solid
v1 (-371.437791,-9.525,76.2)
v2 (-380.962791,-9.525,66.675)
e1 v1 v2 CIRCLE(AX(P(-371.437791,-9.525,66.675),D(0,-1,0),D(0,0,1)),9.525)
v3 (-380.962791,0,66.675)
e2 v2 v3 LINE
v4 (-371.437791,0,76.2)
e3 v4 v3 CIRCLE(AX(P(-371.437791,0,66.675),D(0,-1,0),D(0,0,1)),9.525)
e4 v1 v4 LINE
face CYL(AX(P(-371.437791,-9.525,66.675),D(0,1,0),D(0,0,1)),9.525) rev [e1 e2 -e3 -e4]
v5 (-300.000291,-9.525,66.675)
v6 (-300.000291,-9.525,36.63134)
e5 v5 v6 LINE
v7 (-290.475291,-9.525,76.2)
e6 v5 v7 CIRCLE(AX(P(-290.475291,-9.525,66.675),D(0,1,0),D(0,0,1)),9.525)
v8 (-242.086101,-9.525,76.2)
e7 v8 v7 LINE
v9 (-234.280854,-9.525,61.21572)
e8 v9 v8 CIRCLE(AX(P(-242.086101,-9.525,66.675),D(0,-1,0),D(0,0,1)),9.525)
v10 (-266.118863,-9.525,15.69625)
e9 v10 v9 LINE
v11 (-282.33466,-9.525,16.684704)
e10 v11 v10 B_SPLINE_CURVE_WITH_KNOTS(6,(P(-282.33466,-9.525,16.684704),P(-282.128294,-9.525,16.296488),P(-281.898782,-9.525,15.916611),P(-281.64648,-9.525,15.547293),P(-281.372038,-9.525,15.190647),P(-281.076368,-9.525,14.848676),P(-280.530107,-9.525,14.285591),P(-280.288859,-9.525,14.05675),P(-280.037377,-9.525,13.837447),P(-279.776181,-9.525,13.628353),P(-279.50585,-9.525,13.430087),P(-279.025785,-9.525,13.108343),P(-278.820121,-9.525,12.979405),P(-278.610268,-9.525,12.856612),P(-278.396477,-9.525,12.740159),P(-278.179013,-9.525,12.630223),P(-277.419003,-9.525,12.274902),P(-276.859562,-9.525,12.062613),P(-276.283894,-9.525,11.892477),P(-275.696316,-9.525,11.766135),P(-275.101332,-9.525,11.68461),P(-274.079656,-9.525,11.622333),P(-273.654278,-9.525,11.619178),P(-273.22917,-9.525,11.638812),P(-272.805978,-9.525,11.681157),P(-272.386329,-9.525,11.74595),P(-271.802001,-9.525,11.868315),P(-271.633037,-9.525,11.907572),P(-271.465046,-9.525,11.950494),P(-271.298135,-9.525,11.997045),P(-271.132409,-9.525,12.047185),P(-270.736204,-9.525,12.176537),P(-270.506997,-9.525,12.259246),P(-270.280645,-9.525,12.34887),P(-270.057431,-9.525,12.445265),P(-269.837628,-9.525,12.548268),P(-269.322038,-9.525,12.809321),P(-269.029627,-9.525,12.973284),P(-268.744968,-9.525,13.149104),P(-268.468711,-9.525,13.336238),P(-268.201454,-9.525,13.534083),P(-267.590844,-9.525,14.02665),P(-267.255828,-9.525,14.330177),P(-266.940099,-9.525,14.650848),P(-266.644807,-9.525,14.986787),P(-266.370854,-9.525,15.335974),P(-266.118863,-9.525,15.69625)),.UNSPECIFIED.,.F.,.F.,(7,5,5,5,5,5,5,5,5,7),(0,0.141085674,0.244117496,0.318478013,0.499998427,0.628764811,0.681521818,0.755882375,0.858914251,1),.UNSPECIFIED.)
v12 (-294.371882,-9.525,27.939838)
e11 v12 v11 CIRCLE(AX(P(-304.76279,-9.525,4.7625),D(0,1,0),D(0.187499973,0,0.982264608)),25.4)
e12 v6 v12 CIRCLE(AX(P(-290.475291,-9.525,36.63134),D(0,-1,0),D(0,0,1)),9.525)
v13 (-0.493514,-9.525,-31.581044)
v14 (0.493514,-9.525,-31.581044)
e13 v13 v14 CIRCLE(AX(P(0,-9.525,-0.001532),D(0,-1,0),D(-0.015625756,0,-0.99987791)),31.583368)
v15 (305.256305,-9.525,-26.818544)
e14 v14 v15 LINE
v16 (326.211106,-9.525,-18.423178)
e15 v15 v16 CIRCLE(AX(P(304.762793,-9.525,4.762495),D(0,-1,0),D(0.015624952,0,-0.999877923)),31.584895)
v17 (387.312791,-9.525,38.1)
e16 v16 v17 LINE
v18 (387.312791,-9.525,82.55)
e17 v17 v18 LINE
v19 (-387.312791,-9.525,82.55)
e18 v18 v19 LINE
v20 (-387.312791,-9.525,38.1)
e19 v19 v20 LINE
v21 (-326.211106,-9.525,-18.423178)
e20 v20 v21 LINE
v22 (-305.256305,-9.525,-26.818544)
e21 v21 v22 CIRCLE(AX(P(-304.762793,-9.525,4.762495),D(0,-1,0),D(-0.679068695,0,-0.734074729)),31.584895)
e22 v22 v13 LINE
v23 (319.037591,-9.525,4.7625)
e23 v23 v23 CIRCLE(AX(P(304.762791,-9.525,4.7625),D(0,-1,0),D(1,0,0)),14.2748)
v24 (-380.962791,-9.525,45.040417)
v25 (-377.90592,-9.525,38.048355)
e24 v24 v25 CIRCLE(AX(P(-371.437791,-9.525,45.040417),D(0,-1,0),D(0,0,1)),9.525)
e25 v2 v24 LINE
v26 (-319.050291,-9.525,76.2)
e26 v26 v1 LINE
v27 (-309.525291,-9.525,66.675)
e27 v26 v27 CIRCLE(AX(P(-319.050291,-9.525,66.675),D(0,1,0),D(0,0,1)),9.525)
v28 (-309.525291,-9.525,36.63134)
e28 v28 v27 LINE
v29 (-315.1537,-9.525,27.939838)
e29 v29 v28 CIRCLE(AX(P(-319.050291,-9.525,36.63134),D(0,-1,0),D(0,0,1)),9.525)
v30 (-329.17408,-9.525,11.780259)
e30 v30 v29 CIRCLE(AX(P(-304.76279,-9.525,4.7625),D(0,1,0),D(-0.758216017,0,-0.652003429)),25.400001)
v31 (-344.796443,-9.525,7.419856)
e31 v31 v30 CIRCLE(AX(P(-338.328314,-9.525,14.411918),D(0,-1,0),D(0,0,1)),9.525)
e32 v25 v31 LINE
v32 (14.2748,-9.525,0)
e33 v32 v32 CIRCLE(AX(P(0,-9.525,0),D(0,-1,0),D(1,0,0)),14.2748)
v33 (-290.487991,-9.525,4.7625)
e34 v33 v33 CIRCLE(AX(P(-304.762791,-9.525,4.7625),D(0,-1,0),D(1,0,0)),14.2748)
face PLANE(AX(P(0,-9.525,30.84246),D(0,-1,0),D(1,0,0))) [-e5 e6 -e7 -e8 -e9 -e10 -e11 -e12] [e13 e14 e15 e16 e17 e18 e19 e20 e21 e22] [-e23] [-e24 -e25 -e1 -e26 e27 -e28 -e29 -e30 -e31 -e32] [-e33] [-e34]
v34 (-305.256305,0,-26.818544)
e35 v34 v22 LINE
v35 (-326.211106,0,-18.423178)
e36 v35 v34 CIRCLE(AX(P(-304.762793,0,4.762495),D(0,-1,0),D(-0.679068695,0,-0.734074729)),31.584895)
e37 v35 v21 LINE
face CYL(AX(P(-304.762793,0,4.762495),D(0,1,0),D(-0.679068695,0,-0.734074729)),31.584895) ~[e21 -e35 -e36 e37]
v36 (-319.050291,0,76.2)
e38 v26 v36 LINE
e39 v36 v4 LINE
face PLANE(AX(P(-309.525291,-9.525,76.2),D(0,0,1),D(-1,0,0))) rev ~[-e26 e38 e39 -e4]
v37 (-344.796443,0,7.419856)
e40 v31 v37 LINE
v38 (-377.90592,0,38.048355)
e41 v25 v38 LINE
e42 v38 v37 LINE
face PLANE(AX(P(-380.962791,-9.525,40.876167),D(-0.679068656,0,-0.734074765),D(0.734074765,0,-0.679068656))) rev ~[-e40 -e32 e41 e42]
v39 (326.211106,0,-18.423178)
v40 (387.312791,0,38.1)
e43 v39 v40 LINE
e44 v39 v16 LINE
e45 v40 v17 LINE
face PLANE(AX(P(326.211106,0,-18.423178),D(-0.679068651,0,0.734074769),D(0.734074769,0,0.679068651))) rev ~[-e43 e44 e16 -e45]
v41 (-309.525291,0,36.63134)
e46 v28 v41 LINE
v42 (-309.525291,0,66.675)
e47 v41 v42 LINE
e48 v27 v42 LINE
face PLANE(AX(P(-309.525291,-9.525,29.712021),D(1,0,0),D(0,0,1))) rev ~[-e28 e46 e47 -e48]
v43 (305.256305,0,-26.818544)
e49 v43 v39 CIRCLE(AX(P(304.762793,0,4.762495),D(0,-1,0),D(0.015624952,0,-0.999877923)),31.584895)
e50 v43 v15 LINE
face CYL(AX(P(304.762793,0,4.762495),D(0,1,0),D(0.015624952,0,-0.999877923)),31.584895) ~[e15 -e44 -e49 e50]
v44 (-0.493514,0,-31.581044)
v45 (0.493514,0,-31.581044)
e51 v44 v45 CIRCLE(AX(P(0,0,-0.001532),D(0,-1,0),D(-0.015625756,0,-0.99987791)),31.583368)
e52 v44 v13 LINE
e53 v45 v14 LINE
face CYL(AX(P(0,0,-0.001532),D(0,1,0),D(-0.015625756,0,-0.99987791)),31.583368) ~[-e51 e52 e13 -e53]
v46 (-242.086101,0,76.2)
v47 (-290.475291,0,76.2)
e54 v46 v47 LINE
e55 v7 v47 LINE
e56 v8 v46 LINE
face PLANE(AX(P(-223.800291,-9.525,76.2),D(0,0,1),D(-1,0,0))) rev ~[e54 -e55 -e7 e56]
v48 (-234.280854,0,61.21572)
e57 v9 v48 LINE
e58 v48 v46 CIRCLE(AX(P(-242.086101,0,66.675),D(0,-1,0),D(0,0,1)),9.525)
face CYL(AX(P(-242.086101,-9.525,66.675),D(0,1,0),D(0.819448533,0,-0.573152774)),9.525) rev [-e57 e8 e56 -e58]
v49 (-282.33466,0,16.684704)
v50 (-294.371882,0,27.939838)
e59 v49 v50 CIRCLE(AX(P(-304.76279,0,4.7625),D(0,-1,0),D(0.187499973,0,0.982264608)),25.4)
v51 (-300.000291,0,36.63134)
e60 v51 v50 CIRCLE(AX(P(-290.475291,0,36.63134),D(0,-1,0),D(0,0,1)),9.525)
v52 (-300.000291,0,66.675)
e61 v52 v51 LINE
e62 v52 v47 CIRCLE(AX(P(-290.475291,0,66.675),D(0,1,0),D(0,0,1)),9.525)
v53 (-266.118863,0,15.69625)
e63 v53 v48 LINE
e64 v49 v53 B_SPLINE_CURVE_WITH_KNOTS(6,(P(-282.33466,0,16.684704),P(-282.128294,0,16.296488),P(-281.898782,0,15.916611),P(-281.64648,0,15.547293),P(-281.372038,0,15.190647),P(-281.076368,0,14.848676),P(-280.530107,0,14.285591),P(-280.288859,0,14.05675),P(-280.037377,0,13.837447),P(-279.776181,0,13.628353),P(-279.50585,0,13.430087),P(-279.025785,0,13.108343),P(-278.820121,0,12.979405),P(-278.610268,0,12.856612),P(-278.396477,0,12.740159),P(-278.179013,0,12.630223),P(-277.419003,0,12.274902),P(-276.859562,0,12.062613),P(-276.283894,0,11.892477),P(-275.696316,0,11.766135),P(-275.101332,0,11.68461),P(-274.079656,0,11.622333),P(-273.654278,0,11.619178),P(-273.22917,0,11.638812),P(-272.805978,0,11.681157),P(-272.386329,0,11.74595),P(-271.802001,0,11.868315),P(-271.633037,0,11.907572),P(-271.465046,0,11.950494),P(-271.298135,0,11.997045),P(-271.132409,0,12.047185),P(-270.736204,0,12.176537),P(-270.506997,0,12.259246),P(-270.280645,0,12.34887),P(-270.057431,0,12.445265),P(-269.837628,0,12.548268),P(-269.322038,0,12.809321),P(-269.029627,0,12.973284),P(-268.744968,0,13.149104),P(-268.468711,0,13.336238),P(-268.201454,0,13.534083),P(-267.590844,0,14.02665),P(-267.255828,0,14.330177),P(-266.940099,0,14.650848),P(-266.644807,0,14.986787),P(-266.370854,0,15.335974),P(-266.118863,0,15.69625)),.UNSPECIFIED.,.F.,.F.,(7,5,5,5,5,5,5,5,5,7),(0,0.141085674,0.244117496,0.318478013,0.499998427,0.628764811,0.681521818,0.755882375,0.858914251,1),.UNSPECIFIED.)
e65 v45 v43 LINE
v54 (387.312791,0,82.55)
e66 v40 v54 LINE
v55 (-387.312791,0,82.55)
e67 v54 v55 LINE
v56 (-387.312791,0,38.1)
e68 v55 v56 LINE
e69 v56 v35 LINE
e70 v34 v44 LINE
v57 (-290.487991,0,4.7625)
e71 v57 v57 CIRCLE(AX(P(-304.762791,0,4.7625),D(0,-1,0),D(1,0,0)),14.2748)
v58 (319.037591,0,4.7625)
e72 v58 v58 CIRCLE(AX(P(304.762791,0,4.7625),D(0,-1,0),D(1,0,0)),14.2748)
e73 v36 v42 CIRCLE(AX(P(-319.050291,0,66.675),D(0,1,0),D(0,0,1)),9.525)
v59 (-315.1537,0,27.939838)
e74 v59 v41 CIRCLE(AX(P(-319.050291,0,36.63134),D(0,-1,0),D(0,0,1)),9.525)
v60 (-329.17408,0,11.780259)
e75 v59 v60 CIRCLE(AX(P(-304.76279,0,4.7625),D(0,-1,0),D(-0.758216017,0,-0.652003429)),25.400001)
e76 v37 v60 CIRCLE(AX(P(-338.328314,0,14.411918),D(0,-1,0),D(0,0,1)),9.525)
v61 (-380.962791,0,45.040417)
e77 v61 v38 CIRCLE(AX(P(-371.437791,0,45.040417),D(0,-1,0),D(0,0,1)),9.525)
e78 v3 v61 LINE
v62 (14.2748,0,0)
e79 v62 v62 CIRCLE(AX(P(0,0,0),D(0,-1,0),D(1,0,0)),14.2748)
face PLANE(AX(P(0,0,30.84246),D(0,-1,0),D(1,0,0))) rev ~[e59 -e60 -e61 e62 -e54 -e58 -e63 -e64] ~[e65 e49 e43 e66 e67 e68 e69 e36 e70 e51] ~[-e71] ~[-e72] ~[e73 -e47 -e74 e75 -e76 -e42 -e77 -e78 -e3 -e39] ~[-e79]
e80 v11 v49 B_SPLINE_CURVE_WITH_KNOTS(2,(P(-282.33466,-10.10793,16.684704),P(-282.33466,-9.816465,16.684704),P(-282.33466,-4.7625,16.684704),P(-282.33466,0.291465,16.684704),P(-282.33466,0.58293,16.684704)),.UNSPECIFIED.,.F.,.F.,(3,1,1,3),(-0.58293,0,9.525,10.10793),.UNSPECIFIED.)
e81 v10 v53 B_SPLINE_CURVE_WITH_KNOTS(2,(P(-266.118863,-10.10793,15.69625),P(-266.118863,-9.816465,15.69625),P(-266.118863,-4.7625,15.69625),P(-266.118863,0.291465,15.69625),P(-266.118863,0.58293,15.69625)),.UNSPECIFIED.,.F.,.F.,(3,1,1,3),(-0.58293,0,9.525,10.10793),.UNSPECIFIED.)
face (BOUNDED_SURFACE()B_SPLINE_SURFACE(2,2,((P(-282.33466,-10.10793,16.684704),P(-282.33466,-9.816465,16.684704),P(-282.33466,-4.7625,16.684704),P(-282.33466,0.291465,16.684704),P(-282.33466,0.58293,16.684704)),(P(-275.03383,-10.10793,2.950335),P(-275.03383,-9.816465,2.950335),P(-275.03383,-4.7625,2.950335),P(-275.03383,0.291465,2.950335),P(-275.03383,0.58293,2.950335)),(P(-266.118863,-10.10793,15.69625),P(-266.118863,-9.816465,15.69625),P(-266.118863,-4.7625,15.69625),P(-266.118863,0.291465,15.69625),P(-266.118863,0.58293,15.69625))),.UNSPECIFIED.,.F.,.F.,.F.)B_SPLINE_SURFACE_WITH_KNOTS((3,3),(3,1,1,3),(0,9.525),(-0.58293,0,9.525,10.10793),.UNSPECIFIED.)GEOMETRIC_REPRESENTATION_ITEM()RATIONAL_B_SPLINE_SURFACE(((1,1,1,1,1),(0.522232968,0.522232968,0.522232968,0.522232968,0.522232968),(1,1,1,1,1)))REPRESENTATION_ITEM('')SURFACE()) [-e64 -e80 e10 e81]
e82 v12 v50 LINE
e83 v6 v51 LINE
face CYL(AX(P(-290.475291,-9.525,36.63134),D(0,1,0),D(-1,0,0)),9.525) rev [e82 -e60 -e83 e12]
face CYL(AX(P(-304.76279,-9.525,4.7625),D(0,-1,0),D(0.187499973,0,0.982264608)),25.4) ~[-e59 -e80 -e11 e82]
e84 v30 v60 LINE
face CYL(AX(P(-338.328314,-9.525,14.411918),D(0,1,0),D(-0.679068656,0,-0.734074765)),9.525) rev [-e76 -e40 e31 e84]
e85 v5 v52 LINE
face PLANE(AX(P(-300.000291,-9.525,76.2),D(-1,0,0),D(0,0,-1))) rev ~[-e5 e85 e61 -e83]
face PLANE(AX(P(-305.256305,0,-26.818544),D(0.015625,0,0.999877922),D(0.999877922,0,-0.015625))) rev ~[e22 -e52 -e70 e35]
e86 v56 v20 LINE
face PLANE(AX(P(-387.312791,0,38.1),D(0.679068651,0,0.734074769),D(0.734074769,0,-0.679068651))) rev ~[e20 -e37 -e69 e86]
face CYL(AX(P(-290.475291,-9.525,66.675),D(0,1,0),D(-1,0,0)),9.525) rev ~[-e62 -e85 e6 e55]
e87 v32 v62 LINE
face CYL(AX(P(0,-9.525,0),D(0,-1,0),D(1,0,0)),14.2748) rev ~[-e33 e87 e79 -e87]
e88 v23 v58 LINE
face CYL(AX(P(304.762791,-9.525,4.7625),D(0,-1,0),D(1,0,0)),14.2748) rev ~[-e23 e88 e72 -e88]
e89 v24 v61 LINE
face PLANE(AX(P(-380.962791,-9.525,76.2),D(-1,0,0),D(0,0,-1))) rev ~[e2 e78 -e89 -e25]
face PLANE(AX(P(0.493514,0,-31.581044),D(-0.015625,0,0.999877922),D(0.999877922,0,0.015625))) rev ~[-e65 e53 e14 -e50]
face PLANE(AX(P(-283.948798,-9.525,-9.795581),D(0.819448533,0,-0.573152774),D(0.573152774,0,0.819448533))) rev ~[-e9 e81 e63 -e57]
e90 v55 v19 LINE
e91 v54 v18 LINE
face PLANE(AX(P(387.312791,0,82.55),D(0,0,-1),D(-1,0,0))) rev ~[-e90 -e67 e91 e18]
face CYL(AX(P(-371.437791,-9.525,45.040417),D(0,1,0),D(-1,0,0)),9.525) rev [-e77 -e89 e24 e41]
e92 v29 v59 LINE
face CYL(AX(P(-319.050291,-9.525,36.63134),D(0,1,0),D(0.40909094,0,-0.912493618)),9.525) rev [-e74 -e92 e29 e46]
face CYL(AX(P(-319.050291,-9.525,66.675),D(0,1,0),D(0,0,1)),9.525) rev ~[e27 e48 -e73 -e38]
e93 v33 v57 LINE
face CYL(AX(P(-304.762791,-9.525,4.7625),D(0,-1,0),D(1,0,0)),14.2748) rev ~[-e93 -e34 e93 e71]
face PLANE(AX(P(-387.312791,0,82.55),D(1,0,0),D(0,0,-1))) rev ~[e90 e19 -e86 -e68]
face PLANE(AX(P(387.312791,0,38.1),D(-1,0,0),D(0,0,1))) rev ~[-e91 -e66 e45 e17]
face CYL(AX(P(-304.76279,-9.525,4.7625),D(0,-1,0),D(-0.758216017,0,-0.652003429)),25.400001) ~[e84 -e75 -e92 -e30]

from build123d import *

# Parameters (mm, degrees)
F1_DEPTH = 9.525
F2_R     = 14.2748
F3_DEPTH = 25.4
F4_R     = 9.525


with BuildPart() as f1:
    # F0 (on Front) → F1 (new body)
    with BuildSketch(Plane.XZ):
        with BuildLine():
            Line((387.312791, 82.55), (-387.312791, 82.55))
            Line((-387.312791, 82.55), (-387.312791, 38.1))
            Line((-387.312791, 38.1), (-326.211106, -18.423178))
            ThreePointArc((-326.211106, -18.423178), (-316.509344, -24.556852), (-305.256305, -26.818544))
            Line((-305.256305, -26.818544), (-0.493514, -31.581044))
            ThreePointArc((-0.493514, -31.581044), (0, -31.5849), (0.493514, -31.581044))
            Line((0.493514, -31.581044), (305.256305, -26.818544))
            ThreePointArc((305.256305, -26.818544), (316.509344, -24.556852), (326.211106, -18.423178))
            Line((326.211106, -18.423178), (387.312791, 38.1))
            Line((387.312791, 38.1), (387.312791, 82.55))
        make_face()
    extrude(amount=F1_DEPTH)

    # F2 (on face) → F3 (cut)
    with BuildSketch(Plane.XZ.offset(9.525)):
        with Locations((-304.762791, 4.7625)):
            Circle(F2_R)
        Circle(F2_R)
        with Locations((304.762791, 4.7625)):
            Circle(F2_R)
        with BuildLine():
            Line((-309.525291, 76.2), (-380.962791, 76.2))
            Line((-380.962791, 76.2), (-380.962791, 40.876167))
            Line((-380.962791, 40.876167), (-324.021477, -11.798388))
            ThreePointArc((-324.021477, -11.798388), (-328.742633, 13.136695), (-309.525291, 29.712021))
            Line((-309.525291, 29.712021), (-309.525291, 76.2))
        make_face()
        with BuildLine():
            Line((-300.000291, 76.2), (-300.000291, 29.712021))
            ThreePointArc((-300.000291, 29.712021), (-281.230857, 14.323259), (-283.948798, -9.795581))
            Line((-283.948798, -9.795581), (-223.800291, 76.2))
            Line((-223.800291, 76.2), (-300.000291, 76.2))
        make_face()
    extrude(amount=-F3_DEPTH, mode=Mode.SUBTRACT)

    # F4
    f4_edges = [f1.edges().sort_by_distance(p)[0] for p in [
        (-300.000291, -4.7625, 29.712021),
        (-300.000291, -4.7625, 76.2),
        (-223.800291, -4.7625, 76.2),
        (-283.948798, -4.7625, -9.795581),
        (-309.525291, -4.7625, 29.712021),
        (-324.021477, -4.7625, -11.798388),
        (-380.962791, -4.7625, 40.876167),
        (-380.962791, -4.7625, 76.2),
        (-309.525291, -4.7625, 76.2),
    ]]
    fillet(f4_edges, radius=F4_R)


solid = f1.part
